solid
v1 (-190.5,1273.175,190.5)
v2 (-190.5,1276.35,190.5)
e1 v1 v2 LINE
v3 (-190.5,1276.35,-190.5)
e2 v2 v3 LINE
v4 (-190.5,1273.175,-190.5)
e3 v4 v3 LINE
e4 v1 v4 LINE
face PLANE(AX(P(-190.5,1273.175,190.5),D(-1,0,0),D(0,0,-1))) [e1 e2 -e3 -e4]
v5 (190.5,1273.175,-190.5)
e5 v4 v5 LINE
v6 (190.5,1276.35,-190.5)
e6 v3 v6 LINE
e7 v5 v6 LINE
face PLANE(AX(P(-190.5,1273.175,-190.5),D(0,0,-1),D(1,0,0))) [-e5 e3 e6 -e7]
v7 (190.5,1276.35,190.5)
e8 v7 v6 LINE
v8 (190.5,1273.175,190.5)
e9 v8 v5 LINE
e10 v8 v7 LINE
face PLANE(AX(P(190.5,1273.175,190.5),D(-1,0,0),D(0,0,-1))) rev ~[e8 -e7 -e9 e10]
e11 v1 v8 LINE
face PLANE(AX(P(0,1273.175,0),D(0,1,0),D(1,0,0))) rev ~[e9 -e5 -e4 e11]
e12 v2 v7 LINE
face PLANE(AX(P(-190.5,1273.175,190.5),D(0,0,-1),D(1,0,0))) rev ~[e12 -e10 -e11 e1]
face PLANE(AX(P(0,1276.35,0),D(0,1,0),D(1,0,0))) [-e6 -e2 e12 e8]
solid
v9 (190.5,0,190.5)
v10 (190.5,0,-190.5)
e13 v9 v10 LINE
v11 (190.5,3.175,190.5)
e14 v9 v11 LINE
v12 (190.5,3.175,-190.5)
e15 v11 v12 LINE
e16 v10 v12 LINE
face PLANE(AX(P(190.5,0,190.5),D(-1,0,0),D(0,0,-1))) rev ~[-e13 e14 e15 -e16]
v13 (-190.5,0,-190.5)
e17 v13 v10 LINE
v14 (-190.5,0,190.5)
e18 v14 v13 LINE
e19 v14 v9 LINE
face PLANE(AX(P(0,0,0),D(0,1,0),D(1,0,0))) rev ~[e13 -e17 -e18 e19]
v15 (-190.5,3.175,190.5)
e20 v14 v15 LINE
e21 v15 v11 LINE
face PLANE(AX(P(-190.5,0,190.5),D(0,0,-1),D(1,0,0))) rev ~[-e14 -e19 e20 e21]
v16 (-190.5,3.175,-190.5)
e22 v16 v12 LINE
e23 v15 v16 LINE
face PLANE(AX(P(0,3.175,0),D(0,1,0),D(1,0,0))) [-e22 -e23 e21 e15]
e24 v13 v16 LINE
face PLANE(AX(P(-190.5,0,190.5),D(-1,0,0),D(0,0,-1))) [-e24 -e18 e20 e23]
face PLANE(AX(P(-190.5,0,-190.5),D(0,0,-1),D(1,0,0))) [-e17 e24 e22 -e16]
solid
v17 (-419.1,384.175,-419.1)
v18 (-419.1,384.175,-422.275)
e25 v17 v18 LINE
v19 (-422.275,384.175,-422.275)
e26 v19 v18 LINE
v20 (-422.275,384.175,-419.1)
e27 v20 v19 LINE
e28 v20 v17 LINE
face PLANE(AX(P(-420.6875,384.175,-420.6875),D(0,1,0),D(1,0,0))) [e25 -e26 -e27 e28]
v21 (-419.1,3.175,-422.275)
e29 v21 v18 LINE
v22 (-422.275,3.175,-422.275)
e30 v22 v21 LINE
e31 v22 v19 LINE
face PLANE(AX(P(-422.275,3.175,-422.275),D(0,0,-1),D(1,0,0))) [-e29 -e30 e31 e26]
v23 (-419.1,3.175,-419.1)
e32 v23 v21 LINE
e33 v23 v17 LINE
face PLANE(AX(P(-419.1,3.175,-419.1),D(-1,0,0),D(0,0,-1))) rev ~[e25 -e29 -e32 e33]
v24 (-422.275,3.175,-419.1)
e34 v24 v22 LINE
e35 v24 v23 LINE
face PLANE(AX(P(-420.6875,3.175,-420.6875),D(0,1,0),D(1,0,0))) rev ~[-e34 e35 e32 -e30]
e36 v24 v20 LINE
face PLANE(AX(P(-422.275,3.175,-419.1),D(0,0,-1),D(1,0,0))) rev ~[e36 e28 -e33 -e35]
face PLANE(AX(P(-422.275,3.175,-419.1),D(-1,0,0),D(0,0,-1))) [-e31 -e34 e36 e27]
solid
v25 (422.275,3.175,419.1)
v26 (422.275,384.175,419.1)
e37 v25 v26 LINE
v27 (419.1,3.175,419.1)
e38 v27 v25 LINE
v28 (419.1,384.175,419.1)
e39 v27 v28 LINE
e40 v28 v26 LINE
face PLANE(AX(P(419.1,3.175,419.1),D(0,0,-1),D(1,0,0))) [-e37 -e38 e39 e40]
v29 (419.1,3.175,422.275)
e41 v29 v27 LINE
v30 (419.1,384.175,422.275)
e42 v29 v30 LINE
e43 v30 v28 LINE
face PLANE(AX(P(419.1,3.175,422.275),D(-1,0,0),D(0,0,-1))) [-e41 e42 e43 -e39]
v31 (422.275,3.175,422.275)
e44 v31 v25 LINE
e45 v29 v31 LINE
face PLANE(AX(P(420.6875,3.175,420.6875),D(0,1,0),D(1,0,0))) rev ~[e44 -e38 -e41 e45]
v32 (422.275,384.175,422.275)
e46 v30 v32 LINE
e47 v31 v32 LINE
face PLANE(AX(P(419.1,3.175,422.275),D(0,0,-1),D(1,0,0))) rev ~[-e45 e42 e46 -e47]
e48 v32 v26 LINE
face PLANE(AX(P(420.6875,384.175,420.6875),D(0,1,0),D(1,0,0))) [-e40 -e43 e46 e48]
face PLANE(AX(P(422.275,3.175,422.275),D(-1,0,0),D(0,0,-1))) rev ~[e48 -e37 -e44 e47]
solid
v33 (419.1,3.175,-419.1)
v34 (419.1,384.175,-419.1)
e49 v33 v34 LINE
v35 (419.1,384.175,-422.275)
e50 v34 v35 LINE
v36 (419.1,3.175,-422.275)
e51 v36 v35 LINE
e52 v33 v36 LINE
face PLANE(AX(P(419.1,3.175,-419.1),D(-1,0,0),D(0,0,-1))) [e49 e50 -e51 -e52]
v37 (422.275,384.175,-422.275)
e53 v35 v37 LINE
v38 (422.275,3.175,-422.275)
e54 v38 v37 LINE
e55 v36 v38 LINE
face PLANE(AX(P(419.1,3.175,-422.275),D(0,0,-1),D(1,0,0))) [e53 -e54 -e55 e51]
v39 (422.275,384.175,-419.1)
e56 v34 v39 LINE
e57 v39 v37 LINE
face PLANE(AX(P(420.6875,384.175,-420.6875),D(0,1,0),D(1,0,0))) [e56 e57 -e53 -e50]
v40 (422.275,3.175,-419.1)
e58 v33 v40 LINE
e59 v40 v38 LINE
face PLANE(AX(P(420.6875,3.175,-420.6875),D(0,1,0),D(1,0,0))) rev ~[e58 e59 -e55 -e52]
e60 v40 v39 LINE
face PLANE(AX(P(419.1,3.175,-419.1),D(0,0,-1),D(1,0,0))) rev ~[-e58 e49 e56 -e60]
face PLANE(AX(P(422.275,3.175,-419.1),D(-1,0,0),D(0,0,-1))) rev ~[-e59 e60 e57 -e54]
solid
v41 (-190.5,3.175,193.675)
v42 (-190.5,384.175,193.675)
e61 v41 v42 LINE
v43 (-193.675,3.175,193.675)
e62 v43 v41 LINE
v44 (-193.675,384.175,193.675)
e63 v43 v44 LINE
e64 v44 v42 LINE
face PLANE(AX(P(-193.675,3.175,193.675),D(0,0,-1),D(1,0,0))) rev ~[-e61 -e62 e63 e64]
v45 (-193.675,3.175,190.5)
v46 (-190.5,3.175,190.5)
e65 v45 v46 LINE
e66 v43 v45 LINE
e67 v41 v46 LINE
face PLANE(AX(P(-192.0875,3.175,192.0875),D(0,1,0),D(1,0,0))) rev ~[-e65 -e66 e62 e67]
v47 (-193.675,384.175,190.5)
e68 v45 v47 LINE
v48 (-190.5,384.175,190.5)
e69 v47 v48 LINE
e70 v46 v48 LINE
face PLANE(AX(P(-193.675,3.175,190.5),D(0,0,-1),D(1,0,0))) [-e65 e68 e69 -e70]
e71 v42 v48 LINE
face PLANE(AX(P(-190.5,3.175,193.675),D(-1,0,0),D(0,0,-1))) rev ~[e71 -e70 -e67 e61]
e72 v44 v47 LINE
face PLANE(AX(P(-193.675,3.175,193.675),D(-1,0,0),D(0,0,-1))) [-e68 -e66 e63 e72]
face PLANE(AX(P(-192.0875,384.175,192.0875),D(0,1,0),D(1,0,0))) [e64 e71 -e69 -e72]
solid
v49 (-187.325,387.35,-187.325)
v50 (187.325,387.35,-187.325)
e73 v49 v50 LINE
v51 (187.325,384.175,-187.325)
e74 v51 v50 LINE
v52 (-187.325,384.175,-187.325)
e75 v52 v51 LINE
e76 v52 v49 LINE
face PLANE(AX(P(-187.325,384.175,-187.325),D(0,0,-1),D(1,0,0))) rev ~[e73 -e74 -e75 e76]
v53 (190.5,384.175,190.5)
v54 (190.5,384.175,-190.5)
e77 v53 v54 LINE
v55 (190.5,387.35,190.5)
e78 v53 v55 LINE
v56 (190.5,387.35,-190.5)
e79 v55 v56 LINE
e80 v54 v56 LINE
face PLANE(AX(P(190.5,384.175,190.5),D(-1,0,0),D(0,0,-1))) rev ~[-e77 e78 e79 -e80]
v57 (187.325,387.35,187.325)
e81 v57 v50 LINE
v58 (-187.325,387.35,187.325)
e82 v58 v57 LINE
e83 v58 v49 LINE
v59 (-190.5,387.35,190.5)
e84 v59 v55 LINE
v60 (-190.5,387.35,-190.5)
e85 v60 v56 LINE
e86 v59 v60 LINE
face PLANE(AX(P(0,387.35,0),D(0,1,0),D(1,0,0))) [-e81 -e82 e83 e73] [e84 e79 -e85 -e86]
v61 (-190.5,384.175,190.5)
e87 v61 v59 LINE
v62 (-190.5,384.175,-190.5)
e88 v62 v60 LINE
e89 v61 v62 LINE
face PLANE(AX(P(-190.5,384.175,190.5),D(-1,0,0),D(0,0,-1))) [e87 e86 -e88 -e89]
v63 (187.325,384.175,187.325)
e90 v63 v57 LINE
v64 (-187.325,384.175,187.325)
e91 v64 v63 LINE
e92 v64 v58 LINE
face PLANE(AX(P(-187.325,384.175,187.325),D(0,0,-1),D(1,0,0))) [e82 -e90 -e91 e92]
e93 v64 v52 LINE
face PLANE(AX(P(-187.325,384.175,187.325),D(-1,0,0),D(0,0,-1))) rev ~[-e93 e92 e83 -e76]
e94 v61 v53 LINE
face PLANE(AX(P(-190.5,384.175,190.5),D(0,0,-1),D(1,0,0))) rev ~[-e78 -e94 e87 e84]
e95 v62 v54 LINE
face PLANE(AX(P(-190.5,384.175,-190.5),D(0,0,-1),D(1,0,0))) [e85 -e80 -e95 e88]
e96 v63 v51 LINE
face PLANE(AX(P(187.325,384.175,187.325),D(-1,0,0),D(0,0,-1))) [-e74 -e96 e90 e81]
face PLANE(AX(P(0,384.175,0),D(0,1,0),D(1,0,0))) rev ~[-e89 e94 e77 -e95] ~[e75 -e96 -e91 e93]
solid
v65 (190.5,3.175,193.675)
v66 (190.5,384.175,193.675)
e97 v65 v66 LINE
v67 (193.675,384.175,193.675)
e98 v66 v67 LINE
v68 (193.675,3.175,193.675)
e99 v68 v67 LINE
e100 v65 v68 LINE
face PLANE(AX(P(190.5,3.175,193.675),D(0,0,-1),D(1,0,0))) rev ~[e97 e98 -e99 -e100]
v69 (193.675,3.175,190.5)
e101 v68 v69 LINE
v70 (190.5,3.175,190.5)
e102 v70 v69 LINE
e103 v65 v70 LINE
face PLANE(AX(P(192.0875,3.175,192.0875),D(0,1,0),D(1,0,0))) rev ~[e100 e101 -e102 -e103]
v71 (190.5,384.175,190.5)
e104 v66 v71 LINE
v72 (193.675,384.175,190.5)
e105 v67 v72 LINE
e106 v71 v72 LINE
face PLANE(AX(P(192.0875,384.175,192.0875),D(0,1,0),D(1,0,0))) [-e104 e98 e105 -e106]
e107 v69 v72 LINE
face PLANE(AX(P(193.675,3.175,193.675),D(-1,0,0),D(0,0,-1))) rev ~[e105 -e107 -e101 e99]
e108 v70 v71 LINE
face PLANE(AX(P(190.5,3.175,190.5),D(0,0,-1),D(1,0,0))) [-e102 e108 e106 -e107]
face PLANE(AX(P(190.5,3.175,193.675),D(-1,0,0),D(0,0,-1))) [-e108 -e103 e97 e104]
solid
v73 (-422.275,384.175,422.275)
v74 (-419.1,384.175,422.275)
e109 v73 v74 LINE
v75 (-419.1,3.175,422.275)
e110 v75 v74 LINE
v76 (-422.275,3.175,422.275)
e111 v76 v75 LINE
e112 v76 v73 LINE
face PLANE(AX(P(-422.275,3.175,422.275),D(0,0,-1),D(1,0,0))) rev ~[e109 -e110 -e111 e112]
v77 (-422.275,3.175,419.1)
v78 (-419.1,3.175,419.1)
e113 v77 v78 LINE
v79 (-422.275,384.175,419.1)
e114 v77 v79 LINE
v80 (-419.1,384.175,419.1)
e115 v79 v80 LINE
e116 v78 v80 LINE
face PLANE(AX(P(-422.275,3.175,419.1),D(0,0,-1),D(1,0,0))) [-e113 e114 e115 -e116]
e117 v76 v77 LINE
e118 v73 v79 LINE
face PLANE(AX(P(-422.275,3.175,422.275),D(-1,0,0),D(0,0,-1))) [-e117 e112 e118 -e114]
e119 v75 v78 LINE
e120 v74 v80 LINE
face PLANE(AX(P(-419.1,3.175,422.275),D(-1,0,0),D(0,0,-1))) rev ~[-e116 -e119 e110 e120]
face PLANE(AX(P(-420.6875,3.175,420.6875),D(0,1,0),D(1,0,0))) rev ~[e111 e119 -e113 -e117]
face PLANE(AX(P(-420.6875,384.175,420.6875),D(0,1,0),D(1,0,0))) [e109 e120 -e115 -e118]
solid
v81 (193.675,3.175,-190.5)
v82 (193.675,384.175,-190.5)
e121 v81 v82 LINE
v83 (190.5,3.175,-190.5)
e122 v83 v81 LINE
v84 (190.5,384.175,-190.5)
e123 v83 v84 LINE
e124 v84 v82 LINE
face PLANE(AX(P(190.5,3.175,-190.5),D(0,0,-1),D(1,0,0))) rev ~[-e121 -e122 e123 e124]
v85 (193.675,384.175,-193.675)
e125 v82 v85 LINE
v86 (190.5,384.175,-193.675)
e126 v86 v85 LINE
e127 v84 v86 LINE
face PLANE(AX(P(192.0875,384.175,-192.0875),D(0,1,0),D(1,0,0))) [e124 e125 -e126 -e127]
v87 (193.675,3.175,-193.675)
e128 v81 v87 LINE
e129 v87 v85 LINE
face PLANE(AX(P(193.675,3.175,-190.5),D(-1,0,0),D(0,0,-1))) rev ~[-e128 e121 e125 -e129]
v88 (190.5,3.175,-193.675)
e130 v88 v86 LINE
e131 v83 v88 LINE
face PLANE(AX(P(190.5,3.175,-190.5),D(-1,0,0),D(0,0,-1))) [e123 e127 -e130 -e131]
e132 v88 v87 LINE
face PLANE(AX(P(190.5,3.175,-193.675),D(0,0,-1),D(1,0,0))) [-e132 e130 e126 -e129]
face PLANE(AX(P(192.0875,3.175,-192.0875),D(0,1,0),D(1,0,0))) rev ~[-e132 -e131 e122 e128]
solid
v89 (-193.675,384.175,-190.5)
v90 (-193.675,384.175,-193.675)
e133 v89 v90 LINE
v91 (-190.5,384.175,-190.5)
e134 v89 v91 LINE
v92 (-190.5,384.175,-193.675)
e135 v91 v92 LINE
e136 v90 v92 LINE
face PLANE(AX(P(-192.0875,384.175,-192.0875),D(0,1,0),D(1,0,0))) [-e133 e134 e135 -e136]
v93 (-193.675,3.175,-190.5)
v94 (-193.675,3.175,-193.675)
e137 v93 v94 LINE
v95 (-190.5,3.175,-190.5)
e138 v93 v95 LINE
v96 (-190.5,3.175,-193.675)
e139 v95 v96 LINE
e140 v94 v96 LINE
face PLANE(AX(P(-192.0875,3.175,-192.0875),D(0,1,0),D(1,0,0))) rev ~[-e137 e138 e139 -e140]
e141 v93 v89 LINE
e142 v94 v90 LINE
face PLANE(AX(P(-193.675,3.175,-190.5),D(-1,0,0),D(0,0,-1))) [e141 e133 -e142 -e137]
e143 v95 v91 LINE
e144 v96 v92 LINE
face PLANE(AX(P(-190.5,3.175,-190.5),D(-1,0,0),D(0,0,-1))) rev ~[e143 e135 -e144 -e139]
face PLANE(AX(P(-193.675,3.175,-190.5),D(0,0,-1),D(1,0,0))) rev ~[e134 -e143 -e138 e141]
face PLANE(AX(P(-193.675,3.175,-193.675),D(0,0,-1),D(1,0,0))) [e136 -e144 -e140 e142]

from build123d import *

# Parameters (mm, degrees)
SKETCH1_W             = 381
SKETCH1_H             = 381
BOSS_EXTRUDE1_DEPTH   = 3.175
SKETCH3_W             = 3.175
SKETCH3_H             = 3.175
BOSS_EXTRUDE2_DEPTH   = 381
BOSS_EXTRUDE2_2_DEPTH = 381
BOSS_EXTRUDE2_3_DEPTH = 381
BOSS_EXTRUDE2_4_DEPTH = 381
SKETCH4_W             = 381
SKETCH4_H             = 381
SKETCH4_W_2           = 374.65
SKETCH4_H_2           = 374.65
BOSS_EXTRUDE3_DEPTH   = 3.175
SKETCH5_W             = 3.175
SKETCH5_H             = 3.175
BOSS_EXTRUDE4_DEPTH   = 381
BOSS_EXTRUDE4_2_DEPTH = 381
BOSS_EXTRUDE4_3_DEPTH = 381
BOSS_EXTRUDE4_4_DEPTH = 381
SKETCH6_W             = 381
SKETCH6_H             = 381
BOSS_EXTRUDE5_DEPTH   = 3.175


with BuildPart() as part:
    # Sketch1 → Boss-Extrude1 (new body)
    with BuildSketch(Plane(origin=(0, 0, 0), x_dir=(1, 0, 0), z_dir=(0, 1, 0))):
        Rectangle(SKETCH1_W, SKETCH1_H)
    extrude(amount=BOSS_EXTRUDE1_DEPTH)


with BuildPart() as body_2:
    # Sketch3 → Boss-Extrude2 (new body)
    with BuildSketch(Plane(origin=(0, 3.175, 0), x_dir=(1, 0, 0), z_dir=(0, 1, 0))):
        with Locations((192.0875, 192.0875)):
            Rectangle(SKETCH3_W, SKETCH3_H)
    extrude(amount=BOSS_EXTRUDE2_DEPTH)


with BuildPart() as body_3:
    # Sketch3 → Boss-Extrude2 2 (new body)
    with BuildSketch(Plane(origin=(0, 3.175, 0), x_dir=(1, 0, 0), z_dir=(0, 1, 0))):
        with Locations((192.0875, -192.0875)):
            Rectangle(SKETCH3_W, SKETCH3_H)
    extrude(amount=BOSS_EXTRUDE2_2_DEPTH)


with BuildPart() as body_4:
    # Sketch3 → Boss-Extrude2 3 (new body)
    with BuildSketch(Plane(origin=(0, 3.175, 0), x_dir=(1, 0, 0), z_dir=(0, 1, 0))):
        with Locations((-192.0875, -192.0875)):
            Rectangle(SKETCH3_W, SKETCH3_H)
    extrude(amount=BOSS_EXTRUDE2_3_DEPTH)


with BuildPart() as body_5:
    # Sketch3 → Boss-Extrude2 4 (new body)
    with BuildSketch(Plane(origin=(0, 3.175, 0), x_dir=(1, 0, 0), z_dir=(0, 1, 0))):
        with Locations((-192.0875, 192.0875)):
            Rectangle(SKETCH3_W, SKETCH3_H)
    extrude(amount=BOSS_EXTRUDE2_4_DEPTH)


with BuildPart() as body_6:
    # Sketch4 → Boss-Extrude3 (new body)
    with BuildSketch(Plane(origin=(0, 384.175, 0), x_dir=(1, 0, 0), z_dir=(0, 1, 0))):
        Rectangle(SKETCH4_W, SKETCH4_H)
        Rectangle(SKETCH4_W_2, SKETCH4_H_2, mode=Mode.SUBTRACT)
    extrude(amount=BOSS_EXTRUDE3_DEPTH)


with BuildPart() as body_7:
    # Sketch5 → Boss-Extrude4 (new body)
    with BuildSketch(Plane(origin=(0, 3.175, 0), x_dir=(1, 0, 0), z_dir=(0, 1, 0))):
        with Locations((-420.6875, -420.6875)):
            Rectangle(SKETCH5_W, SKETCH5_H)
    extrude(amount=BOSS_EXTRUDE4_DEPTH)


with BuildPart() as body_8:
    # Sketch5 → Boss-Extrude4 2 (new body)
    with BuildSketch(Plane(origin=(0, 3.175, 0), x_dir=(1, 0, 0), z_dir=(0, 1, 0))):
        with Locations((-420.6875, 420.6875)):
            Rectangle(SKETCH5_W, SKETCH5_H)
    extrude(amount=BOSS_EXTRUDE4_2_DEPTH)


with BuildPart() as body_9:
    # Sketch5 → Boss-Extrude4 3 (new body)
    with BuildSketch(Plane(origin=(0, 3.175, 0), x_dir=(1, 0, 0), z_dir=(0, 1, 0))):
        with Locations((420.6875, 420.6875)):
            Rectangle(SKETCH5_W, SKETCH5_H)
    extrude(amount=BOSS_EXTRUDE4_3_DEPTH)


with BuildPart() as body_10:
    # Sketch5 → Boss-Extrude4 4 (new body)
    with BuildSketch(Plane(origin=(0, 3.175, 0), x_dir=(1, 0, 0), z_dir=(0, 1, 0))):
        with Locations((420.6875, -420.6875)):
            Rectangle(SKETCH5_W, SKETCH5_H)
    extrude(amount=BOSS_EXTRUDE4_4_DEPTH)


with BuildPart() as body_11:
    # Sketch6 → Boss-Extrude5 (new body)
    with BuildSketch(Plane(origin=(0, 1273.175, 0), x_dir=(1, 0, 0), z_dir=(0, 1, 0))):
        Rectangle(SKETCH6_W, SKETCH6_H)
    extrude(amount=BOSS_EXTRUDE5_DEPTH)


solid = Compound([part.part, body_2.part, body_3.part, body_4.part, body_5.part, body_6.part, body_7.part, body_8.part, body_9.part, body_10.part, body_11.part])
